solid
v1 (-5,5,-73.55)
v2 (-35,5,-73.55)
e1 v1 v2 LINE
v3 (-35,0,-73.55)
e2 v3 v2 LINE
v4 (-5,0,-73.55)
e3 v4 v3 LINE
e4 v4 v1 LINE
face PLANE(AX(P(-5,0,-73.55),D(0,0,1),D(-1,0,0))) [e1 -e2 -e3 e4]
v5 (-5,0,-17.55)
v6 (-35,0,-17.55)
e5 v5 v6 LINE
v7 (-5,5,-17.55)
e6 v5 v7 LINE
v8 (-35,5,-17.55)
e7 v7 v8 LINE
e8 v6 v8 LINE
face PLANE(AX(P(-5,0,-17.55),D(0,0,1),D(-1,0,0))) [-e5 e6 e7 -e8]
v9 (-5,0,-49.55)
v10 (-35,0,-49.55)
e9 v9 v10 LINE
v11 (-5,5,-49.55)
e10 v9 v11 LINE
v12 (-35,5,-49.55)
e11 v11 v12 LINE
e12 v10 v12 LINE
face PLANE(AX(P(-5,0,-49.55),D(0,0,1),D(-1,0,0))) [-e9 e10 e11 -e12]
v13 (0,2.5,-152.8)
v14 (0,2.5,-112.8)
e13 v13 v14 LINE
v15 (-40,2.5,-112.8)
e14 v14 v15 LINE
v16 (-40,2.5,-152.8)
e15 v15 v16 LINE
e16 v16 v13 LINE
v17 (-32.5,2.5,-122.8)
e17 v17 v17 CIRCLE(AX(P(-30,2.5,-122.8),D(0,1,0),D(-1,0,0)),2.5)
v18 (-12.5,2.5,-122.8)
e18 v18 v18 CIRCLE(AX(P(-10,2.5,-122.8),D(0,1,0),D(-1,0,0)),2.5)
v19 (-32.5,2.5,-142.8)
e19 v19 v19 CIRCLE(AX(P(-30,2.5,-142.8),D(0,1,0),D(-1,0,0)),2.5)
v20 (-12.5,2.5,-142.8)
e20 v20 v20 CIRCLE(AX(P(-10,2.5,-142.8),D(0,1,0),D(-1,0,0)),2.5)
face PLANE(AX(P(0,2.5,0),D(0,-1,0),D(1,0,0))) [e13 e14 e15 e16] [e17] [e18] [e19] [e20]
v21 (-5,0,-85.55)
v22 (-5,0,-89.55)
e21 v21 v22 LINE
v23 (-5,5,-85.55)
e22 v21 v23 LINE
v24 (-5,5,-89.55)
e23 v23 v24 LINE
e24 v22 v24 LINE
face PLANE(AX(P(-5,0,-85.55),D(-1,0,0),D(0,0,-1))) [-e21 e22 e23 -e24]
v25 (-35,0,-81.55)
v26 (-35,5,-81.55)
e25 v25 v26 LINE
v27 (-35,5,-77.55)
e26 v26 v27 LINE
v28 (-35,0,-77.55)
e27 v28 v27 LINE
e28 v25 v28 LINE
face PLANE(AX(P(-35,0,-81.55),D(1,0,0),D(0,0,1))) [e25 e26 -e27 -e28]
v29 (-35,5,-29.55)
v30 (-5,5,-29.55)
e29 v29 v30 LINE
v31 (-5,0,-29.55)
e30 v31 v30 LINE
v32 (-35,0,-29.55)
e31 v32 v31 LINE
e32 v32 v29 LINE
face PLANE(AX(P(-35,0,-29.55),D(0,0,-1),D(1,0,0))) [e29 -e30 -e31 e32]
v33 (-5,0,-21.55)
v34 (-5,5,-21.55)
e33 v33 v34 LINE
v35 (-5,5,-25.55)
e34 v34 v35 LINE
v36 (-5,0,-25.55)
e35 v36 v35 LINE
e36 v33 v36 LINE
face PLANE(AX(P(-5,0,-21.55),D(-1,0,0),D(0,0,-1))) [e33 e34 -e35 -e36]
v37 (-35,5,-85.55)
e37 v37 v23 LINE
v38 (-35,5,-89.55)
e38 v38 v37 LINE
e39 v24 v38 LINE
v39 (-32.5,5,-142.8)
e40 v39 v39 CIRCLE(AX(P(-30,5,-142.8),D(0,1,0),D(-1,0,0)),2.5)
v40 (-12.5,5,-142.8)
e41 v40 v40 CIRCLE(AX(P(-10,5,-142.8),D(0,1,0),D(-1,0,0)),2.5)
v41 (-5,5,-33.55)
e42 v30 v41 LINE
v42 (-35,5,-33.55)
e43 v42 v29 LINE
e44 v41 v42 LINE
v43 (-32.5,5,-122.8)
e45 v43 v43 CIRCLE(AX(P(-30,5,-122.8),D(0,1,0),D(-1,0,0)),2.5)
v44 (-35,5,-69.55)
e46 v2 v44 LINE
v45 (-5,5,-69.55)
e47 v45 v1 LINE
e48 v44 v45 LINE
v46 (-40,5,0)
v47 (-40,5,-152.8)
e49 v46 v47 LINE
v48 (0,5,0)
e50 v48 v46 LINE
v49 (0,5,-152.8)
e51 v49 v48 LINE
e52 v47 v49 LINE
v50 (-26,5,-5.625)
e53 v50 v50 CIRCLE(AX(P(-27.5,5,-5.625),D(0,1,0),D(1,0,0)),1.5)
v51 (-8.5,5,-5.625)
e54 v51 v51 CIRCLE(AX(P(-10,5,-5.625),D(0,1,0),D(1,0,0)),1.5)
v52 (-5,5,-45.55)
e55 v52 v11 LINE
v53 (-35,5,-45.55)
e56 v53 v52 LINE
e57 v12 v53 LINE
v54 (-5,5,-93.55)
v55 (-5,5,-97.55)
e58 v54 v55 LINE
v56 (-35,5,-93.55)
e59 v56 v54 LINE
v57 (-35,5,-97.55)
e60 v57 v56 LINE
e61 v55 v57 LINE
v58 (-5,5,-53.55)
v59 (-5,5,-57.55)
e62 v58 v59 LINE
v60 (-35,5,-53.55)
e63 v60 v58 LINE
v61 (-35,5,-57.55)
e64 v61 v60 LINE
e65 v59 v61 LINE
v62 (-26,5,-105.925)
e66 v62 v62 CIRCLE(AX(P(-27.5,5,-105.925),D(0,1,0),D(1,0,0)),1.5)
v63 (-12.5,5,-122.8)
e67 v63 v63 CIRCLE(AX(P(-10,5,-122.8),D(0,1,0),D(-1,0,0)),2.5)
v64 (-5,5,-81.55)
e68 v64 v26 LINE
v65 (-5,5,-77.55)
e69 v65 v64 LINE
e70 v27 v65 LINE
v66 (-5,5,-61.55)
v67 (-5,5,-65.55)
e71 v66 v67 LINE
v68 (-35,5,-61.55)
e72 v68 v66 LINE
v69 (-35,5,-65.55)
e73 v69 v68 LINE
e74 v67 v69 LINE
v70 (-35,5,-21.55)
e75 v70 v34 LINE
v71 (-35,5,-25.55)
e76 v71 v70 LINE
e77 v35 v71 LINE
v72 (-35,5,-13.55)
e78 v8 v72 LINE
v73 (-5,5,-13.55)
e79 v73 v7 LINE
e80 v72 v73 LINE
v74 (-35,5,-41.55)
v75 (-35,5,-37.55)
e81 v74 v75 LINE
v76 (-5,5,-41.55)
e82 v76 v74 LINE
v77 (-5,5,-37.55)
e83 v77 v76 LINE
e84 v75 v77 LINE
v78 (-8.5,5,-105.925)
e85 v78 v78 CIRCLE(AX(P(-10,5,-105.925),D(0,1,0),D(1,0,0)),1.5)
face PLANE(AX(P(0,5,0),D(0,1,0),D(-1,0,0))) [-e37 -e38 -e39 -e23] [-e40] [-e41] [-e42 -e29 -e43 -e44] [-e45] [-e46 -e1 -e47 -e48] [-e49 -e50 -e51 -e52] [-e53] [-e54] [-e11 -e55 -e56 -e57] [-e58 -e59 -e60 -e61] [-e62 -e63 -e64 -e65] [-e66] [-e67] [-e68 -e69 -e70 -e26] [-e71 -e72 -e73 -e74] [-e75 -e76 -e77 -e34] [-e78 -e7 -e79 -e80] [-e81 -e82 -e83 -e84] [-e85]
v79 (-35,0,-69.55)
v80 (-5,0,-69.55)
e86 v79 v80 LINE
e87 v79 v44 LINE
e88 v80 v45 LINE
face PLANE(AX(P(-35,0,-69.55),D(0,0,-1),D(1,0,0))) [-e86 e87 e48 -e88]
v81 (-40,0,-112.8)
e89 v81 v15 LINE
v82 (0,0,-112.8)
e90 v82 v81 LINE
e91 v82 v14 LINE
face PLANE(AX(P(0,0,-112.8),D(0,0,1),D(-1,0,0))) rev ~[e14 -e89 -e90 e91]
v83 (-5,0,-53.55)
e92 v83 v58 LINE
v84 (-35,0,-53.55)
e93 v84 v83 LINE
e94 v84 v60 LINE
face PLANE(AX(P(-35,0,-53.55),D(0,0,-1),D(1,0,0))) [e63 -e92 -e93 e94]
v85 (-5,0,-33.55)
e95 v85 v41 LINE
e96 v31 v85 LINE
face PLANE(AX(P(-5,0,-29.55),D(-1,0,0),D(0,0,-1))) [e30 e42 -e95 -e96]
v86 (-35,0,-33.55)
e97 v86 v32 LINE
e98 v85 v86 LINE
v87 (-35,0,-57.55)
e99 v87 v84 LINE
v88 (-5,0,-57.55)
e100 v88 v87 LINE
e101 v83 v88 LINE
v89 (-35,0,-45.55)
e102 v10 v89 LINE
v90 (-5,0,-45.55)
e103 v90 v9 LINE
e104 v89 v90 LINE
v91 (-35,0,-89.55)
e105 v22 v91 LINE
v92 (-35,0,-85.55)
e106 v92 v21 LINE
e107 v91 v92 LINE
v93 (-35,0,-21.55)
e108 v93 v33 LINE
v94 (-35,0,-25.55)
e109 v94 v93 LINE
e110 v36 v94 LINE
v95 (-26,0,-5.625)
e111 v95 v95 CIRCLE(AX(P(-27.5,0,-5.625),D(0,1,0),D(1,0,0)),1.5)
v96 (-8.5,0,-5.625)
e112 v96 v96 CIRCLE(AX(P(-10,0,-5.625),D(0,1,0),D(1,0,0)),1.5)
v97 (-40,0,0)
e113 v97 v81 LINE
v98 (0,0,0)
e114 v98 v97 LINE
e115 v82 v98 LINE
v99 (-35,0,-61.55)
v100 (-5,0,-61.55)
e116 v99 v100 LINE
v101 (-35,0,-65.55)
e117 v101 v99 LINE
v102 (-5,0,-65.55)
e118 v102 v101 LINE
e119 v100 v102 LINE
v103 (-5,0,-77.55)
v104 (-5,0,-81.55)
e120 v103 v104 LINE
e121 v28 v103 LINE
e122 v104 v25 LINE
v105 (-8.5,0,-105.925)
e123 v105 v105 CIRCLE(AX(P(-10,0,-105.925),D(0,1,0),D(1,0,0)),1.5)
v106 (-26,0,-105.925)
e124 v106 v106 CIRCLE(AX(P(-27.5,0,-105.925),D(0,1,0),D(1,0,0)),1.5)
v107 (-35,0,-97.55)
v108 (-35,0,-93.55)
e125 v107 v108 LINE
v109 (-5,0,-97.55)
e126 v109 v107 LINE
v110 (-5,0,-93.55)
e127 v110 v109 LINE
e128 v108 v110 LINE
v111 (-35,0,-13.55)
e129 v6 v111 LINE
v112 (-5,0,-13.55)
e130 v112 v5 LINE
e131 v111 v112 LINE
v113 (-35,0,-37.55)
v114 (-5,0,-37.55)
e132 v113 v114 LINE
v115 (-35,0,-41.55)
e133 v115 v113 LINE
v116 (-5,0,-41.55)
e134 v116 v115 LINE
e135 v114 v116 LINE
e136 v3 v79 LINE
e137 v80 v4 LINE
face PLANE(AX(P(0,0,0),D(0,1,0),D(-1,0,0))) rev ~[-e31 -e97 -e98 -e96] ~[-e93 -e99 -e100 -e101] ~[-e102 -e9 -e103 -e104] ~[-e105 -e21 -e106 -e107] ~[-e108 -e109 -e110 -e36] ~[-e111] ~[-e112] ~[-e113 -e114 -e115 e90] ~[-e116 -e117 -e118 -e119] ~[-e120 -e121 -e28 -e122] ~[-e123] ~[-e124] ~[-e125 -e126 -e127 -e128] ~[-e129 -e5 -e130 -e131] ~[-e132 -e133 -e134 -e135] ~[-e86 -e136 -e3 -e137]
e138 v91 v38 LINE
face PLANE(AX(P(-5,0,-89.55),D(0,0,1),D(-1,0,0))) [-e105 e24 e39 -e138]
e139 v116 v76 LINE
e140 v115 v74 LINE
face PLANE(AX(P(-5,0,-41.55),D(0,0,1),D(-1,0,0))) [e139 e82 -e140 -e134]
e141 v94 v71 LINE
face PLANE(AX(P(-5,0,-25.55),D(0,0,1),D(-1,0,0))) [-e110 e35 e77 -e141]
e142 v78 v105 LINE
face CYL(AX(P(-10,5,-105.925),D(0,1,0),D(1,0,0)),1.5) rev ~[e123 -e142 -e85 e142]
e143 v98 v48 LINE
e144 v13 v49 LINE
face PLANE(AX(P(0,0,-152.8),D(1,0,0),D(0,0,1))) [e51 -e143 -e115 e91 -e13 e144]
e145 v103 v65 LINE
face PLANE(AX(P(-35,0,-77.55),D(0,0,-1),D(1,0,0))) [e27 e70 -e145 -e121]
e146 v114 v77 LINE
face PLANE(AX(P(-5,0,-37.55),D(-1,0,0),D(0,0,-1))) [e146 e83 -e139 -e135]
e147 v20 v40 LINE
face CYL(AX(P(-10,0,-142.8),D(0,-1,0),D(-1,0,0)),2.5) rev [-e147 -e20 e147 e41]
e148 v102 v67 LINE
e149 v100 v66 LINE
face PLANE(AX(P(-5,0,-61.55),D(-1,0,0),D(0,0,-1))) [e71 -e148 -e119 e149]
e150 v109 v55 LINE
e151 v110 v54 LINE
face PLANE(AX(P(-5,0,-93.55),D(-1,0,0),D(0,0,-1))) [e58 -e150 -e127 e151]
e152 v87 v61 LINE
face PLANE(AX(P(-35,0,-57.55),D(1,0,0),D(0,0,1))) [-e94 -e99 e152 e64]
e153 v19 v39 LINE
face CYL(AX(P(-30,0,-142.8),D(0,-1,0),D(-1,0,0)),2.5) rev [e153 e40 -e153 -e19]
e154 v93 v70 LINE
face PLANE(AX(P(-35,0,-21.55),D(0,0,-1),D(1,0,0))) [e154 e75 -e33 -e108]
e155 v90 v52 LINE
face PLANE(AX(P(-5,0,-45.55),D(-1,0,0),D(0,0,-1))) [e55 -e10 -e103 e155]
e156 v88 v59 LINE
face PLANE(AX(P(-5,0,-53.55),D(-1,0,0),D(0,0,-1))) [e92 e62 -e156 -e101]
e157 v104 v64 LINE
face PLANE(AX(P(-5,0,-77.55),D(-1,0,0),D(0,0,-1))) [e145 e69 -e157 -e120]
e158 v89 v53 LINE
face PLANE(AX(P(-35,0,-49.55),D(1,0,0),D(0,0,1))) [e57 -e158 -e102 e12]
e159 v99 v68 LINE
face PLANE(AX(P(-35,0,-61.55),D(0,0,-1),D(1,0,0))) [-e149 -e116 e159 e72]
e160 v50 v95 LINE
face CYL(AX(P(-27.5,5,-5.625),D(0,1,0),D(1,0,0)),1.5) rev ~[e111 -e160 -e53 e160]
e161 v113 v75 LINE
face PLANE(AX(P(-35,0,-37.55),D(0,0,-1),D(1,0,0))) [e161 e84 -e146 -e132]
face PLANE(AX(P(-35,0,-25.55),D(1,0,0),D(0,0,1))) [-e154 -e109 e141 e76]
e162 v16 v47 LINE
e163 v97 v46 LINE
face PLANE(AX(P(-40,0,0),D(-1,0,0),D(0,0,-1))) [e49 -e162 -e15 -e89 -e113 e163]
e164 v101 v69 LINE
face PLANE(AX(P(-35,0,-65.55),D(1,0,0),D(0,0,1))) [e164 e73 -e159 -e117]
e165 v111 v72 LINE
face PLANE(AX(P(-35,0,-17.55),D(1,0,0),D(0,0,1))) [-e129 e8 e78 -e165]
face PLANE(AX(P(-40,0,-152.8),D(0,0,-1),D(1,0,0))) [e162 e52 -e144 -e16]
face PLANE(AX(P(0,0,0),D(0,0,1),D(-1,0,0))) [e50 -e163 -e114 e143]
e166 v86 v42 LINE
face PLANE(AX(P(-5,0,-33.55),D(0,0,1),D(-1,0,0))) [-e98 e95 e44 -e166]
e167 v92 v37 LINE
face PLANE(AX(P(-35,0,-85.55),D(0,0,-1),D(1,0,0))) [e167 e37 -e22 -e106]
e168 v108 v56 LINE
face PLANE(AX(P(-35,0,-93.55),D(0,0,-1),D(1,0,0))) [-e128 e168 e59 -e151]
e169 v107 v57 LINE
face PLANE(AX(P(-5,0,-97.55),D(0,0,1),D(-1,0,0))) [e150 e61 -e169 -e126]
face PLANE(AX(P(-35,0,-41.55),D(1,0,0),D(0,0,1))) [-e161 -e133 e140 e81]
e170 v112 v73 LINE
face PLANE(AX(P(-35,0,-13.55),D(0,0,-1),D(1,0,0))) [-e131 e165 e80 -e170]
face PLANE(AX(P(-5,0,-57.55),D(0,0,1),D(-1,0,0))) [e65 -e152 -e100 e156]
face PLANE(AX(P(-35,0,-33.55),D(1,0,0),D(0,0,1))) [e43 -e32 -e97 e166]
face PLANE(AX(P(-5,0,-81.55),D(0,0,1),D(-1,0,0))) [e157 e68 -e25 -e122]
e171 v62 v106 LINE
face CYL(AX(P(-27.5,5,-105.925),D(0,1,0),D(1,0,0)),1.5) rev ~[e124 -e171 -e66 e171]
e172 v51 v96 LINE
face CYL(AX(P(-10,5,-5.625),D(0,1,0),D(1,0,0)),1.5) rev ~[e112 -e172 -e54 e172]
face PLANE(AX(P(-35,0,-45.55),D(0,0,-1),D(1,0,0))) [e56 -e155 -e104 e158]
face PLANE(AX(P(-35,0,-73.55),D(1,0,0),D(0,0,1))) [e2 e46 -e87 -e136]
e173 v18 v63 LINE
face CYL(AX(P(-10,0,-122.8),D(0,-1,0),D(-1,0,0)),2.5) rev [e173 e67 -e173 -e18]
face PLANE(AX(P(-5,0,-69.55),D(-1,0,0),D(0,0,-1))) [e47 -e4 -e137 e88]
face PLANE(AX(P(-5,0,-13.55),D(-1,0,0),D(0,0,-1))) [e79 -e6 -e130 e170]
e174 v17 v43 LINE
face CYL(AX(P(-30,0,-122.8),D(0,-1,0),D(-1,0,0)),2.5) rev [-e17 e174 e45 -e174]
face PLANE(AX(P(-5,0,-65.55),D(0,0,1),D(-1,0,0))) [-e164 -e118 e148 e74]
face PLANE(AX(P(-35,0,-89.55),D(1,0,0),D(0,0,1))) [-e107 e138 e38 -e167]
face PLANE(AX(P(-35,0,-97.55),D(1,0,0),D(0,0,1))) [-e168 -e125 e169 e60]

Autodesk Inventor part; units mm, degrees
ref_plane "YZ Plane" through (0, 0, 0) normal (1, 0, 0) x (0, 1, 0)
ref_plane "XZ Plane" through (0, 0, 0) normal (0, 1, 0) x (-1, 0, 0)
ref_plane "XY Plane" through (0, 0, 0) normal (0, 0, 1) x (1, 0, 0)
sketch "Sketch1" plane through (0, 0, 0) normal (0, 1, 0) x (-1, 0, 0)
  line L0 (0, 0) -> (40, 0)
  line L1 (40, 0) -> (40, -152.8)
  line L2 (40, -152.8) -> (0, -152.8)
  line L3 (0, -152.8) -> (0, 0)
  circle A0 centre (30, -122.8) radius 2.5
  circle A1 centre (30, -142.8) radius 2.5
  circle A2 centre (10, -122.8) radius 2.5
  circle A3 centre (10, -142.8) radius 2.5
  line L4 (5, -97.55) -> (35, -97.55)
  line L5 (35, -97.55) -> (35, -93.55)
  line L6 (35, -93.55) -> (5, -93.55)
  line L7 (5, -93.55) -> (5, -97.55)
  line L8 (5, -89.55) -> (35, -89.55)
  line L9 (35, -89.55) -> (35, -85.55)
  line L10 (35, -85.55) -> (5, -85.55)
  line L11 (5, -85.55) -> (5, -89.55)
  line L12 (5, -81.55) -> (35, -81.55)
  line L13 (35, -81.55) -> (35, -77.55)
  line L14 (35, -77.55) -> (5, -77.55)
  line L15 (5, -77.55) -> (5, -81.55)
  line L16 (5, -73.55) -> (35, -73.55)
  line L17 (35, -73.55) -> (35, -69.55)
  line L18 (35, -69.55) -> (5, -69.55)
  line L19 (5, -69.55) -> (5, -73.55)
  line L20 (5, -65.55) -> (35, -65.55)
  line L21 (35, -65.55) -> (35, -61.55)
  line L22 (35, -61.55) -> (5, -61.55)
  line L23 (5, -61.55) -> (5, -65.55)
  line L24 (5, -57.55) -> (35, -57.55)
  line L25 (35, -57.55) -> (35, -53.55)
  line L26 (35, -53.55) -> (5, -53.55)
  line L27 (5, -53.55) -> (5, -57.55)
  line L28 (5, -49.55) -> (35, -49.55)
  line L29 (35, -49.55) -> (35, -45.55)
  line L30 (35, -45.55) -> (5, -45.55)
  line L31 (5, -45.55) -> (5, -49.55)
  line L32 (5, -41.55) -> (35, -41.55)
  line L33 (35, -41.55) -> (35, -37.55)
  line L34 (35, -37.55) -> (5, -37.55)
  line L35 (5, -37.55) -> (5, -41.55)
  line L36 (5, -33.55) -> (35, -33.55)
  line L37 (35, -33.55) -> (35, -29.55)
  line L38 (35, -29.55) -> (5, -29.55)
  line L39 (5, -29.55) -> (5, -33.55)
  line L40 (5, -25.55) -> (35, -25.55)
  line L41 (35, -25.55) -> (35, -21.55)
  line L42 (35, -21.55) -> (5, -21.55)
  line L43 (5, -21.55) -> (5, -25.55)
  line L44 (5, -17.55) -> (35, -17.55)
  line L45 (35, -17.55) -> (35, -13.55)
  line L46 (35, -13.55) -> (5, -13.55)
  line L47 (5, -13.55) -> (5, -17.55)
  dimension "d0" = 40
  dimension "d1" = 152.8
  dimension "d2" = 5
  dimension "d3" = 5
  dimension "d4" = 5
  dimension "d5" = 5
  dimension "d6" = 10
  dimension "d7" = 0
  dimension "d8" = 20
  dimension "d11" = 30
  dimension "d12" = 20
  dimension "d13" = 30
  dimension "d14" = 10
  dimension "d15" = 0
  dimension "d16" = 30
  dimension "d18" = 55.25
  dimension "d31" = 30
  dimension "d33" = 30
  dimension "d35" = 30
  dimension "d37" = 30
  dimension "d39" = 30
  dimension "d41" = 30
  dimension "d43" = 30
  dimension "d45" = 30
  dimension "d47" = 30
  dimension "d49" = 30
extrude "Extrusion1" add sketch "Sketch1" along normal blind 5
sketch "Sketch2" plane through (0, 5, 0) normal (0, 1, 0) x (1, 0, 0)
  line L0 (-5, 17.55) -> (-5, 13.55) projected
  line L1 (-5, 13.55) -> (-35, 13.55) projected
  line L2 (-35, 13.55) -> (-35, 17.55) projected
  line L3 (-35, 17.55) -> (-5, 17.55) projected
  line L4 (-5, 25.55) -> (-5, 21.55) projected
  line L5 (-5, 21.55) -> (-35, 21.55) projected
  line L6 (-35, 21.55) -> (-35, 25.55) projected
  line L7 (-35, 25.55) -> (-5, 25.55) projected
  line L8 (-5, 33.55) -> (-5, 29.55) projected
  line L9 (-5, 29.55) -> (-35, 29.55) projected
  line L10 (-35, 29.55) -> (-35, 33.55) projected
  line L11 (-35, 33.55) -> (-5, 33.55) projected
  line L12 (-5, 41.55) -> (-5, 37.55) projected
  line L13 (-5, 37.55) -> (-35, 37.55) projected
  line L14 (-35, 37.55) -> (-35, 41.55) projected
  line L15 (-35, 41.55) -> (-5, 41.55) projected
  line L16 (-5, 49.55) -> (-5, 45.55) projected
  line L17 (-5, 45.55) -> (-35, 45.55) projected
  line L18 (-35, 45.55) -> (-35, 49.55) projected
  line L19 (-35, 49.55) -> (-5, 49.55) projected
  line L20 (-5, 57.55) -> (-5, 53.55) projected
  line L21 (-5, 53.55) -> (-35, 53.55) projected
  line L22 (-35, 53.55) -> (-35, 57.55) projected
  line L23 (-35, 57.55) -> (-5, 57.55) projected
  line L24 (-5, 65.55) -> (-5, 61.55) projected
  line L25 (-5, 61.55) -> (-35, 61.55) projected
  line L26 (-35, 61.55) -> (-35, 65.55) projected
  line L27 (-35, 65.55) -> (-5, 65.55) projected
  line L28 (-5, 73.55) -> (-5, 69.55) projected
  line L29 (-5, 69.55) -> (-35, 69.55) projected
  line L30 (-35, 69.55) -> (-35, 73.55) projected
  line L31 (-35, 73.55) -> (-5, 73.55) projected
  line L32 (-5, 81.55) -> (-5, 77.55) projected
  line L33 (-5, 77.55) -> (-35, 77.55) projected
  line L34 (-35, 77.55) -> (-35, 81.55) projected
  line L35 (-35, 81.55) -> (-5, 81.55) projected
  line L36 (-5, 89.55) -> (-5, 85.55) projected
  line L37 (-5, 85.55) -> (-35, 85.55) projected
  line L38 (-35, 85.55) -> (-35, 89.55) projected
  line L39 (-35, 89.55) -> (-5, 89.55) projected
  line L40 (-5, 97.55) -> (-5, 93.55) projected
  line L41 (-5, 93.55) -> (-35, 93.55) projected
  line L42 (-35, 93.55) -> (-35, 97.55) projected
  line L43 (-35, 97.55) -> (-5, 97.55) projected
  circle A0 centre (-10, 142.8) radius 2.5 projected
  circle A1 centre (-10, 122.8) radius 2.5 projected
  circle A2 centre (-30, 142.8) radius 2.5 projected
  circle A3 centre (-30, 122.8) radius 2.5 projected
  line L44 (-40, 0) -> (0, 0) projected
  line L45 (0, 0) -> (0, 152.8) projected
  line L46 (0, 152.8) -> (-40, 152.8) projected
  line L47 (-40, 152.8) -> (-40, 0) projected
  circle A4 centre (-27.5, 5.625) radius 1.5
  circle A5 centre (-10, 5.625) radius 1.5
  circle A6 centre (-27.5, 105.925) radius 1.5
  circle A7 centre (-10, 105.925) radius 1.5
  dimension "d53" = 3
  dimension "d54" = 3
  dimension "d55" = 3
  dimension "d56" = 3
  dimension "d57" = 12.5
  dimension "d58" = 10
  dimension "d59" = 12.5
  dimension "d60" = 10
  dimension "d61" = 5.625
  dimension "d62" = 5.625
  dimension "d63" = 46.875
  dimension "d64" = 46.875
extrude "Extrusion2" cut sketch "Sketch2" against normal blind 5 contours A4 | A5 | A6 | A7
sketch "Sketch3" plane through (0, 0, 0) normal (0, -1, 0) x (1, 0, 0)
  circle A0 centre (-27.5, -105.925) radius 1.5 projected
  circle A1 centre (-27.5, -5.625) radius 1.5 projected
  circle A2 centre (-10, -5.625) radius 1.5 projected
  circle A3 centre (-10, -105.925) radius 1.5 projected
  line L0 (-5, -13.55) -> (-5, -17.55) projected
  line L1 (-5, -17.55) -> (-35, -17.55) projected
  line L2 (-35, -17.55) -> (-35, -13.55) projected
  line L3 (-35, -13.55) -> (-5, -13.55) projected
  line L4 (-5, -21.55) -> (-5, -25.55) projected
  line L5 (-5, -25.55) -> (-35, -25.55) projected
  line L6 (-35, -25.55) -> (-35, -21.55) projected
  line L7 (-35, -21.55) -> (-5, -21.55) projected
  line L8 (-5, -29.55) -> (-5, -33.55) projected
  line L9 (-5, -33.55) -> (-35, -33.55) projected
  line L10 (-35, -33.55) -> (-35, -29.55) projected
  line L11 (-35, -29.55) -> (-5, -29.55) projected
  line L12 (-5, -37.55) -> (-5, -41.55) projected
  line L13 (-5, -41.55) -> (-35, -41.55) projected
  line L14 (-35, -41.55) -> (-35, -37.55) projected
  line L15 (-35, -37.55) -> (-5, -37.55) projected
  line L16 (-5, -45.55) -> (-5, -49.55) projected
  line L17 (-5, -49.55) -> (-35, -49.55) projected
  line L18 (-35, -49.55) -> (-35, -45.55) projected
  line L19 (-35, -45.55) -> (-5, -45.55) projected
  line L20 (-5, -53.55) -> (-5, -57.55) projected
  line L21 (-5, -57.55) -> (-35, -57.55) projected
  line L22 (-35, -57.55) -> (-35, -53.55) projected
  line L23 (-35, -53.55) -> (-5, -53.55) projected
  line L24 (-5, -61.55) -> (-5, -65.55) projected
  line L25 (-5, -65.55) -> (-35, -65.55) projected
  line L26 (-35, -65.55) -> (-35, -61.55) projected
  line L27 (-35, -61.55) -> (-5, -61.55) projected
  line L28 (-5, -69.55) -> (-5, -73.55) projected
  line L29 (-5, -73.55) -> (-35, -73.55) projected
  line L30 (-35, -73.55) -> (-35, -69.55) projected
  line L31 (-35, -69.55) -> (-5, -69.55) projected
  line L32 (-5, -77.55) -> (-5, -81.55) projected
  line L33 (-5, -81.55) -> (-35, -81.55) projected
  line L34 (-35, -81.55) -> (-35, -77.55) projected
  line L35 (-35, -77.55) -> (-5, -77.55) projected
  line L36 (-5, -85.55) -> (-5, -89.55) projected
  line L37 (-5, -89.55) -> (-35, -89.55) projected
  line L38 (-35, -89.55) -> (-35, -85.55) projected
  line L39 (-35, -85.55) -> (-5, -85.55) projected
  line L40 (-5, -93.55) -> (-5, -97.55) projected
  line L41 (-5, -97.55) -> (-35, -97.55) projected
  line L42 (-35, -97.55) -> (-35, -93.55) projected
  line L43 (-35, -93.55) -> (-5, -93.55) projected
  circle A4 centre (-10, -142.8) radius 2.5 projected
  circle A5 centre (-10, -122.8) radius 2.5 projected
  circle A6 centre (-30, -142.8) radius 2.5 projected
  circle A7 centre (-30, -122.8) radius 2.5 projected
  line L44 (0, 0) -> (-40, 0) projected
  line L45 (-40, 0) -> (-40, -152.8) projected
  line L46 (-40, -152.8) -> (0, -152.8) projected
  line L47 (0, -152.8) -> (0, 0) projected
  line L48 (0, 0) -> (0, -152.8) projected
  line L49 (-40, -152.8) -> (0, -152.8)
  line L50 (0, -152.8) -> (0, -112.8)
  line L51 (0, -112.8) -> (-40, -112.8)
  line L52 (-40, -112.8) -> (-40, -152.8)
  dimension "d67" = 40
extrude "Extrusion3" cut sketch "Sketch3" against normal blind 2.5 contours L47 L46 L45 L51
properties part number "Base Right Front Panel"
